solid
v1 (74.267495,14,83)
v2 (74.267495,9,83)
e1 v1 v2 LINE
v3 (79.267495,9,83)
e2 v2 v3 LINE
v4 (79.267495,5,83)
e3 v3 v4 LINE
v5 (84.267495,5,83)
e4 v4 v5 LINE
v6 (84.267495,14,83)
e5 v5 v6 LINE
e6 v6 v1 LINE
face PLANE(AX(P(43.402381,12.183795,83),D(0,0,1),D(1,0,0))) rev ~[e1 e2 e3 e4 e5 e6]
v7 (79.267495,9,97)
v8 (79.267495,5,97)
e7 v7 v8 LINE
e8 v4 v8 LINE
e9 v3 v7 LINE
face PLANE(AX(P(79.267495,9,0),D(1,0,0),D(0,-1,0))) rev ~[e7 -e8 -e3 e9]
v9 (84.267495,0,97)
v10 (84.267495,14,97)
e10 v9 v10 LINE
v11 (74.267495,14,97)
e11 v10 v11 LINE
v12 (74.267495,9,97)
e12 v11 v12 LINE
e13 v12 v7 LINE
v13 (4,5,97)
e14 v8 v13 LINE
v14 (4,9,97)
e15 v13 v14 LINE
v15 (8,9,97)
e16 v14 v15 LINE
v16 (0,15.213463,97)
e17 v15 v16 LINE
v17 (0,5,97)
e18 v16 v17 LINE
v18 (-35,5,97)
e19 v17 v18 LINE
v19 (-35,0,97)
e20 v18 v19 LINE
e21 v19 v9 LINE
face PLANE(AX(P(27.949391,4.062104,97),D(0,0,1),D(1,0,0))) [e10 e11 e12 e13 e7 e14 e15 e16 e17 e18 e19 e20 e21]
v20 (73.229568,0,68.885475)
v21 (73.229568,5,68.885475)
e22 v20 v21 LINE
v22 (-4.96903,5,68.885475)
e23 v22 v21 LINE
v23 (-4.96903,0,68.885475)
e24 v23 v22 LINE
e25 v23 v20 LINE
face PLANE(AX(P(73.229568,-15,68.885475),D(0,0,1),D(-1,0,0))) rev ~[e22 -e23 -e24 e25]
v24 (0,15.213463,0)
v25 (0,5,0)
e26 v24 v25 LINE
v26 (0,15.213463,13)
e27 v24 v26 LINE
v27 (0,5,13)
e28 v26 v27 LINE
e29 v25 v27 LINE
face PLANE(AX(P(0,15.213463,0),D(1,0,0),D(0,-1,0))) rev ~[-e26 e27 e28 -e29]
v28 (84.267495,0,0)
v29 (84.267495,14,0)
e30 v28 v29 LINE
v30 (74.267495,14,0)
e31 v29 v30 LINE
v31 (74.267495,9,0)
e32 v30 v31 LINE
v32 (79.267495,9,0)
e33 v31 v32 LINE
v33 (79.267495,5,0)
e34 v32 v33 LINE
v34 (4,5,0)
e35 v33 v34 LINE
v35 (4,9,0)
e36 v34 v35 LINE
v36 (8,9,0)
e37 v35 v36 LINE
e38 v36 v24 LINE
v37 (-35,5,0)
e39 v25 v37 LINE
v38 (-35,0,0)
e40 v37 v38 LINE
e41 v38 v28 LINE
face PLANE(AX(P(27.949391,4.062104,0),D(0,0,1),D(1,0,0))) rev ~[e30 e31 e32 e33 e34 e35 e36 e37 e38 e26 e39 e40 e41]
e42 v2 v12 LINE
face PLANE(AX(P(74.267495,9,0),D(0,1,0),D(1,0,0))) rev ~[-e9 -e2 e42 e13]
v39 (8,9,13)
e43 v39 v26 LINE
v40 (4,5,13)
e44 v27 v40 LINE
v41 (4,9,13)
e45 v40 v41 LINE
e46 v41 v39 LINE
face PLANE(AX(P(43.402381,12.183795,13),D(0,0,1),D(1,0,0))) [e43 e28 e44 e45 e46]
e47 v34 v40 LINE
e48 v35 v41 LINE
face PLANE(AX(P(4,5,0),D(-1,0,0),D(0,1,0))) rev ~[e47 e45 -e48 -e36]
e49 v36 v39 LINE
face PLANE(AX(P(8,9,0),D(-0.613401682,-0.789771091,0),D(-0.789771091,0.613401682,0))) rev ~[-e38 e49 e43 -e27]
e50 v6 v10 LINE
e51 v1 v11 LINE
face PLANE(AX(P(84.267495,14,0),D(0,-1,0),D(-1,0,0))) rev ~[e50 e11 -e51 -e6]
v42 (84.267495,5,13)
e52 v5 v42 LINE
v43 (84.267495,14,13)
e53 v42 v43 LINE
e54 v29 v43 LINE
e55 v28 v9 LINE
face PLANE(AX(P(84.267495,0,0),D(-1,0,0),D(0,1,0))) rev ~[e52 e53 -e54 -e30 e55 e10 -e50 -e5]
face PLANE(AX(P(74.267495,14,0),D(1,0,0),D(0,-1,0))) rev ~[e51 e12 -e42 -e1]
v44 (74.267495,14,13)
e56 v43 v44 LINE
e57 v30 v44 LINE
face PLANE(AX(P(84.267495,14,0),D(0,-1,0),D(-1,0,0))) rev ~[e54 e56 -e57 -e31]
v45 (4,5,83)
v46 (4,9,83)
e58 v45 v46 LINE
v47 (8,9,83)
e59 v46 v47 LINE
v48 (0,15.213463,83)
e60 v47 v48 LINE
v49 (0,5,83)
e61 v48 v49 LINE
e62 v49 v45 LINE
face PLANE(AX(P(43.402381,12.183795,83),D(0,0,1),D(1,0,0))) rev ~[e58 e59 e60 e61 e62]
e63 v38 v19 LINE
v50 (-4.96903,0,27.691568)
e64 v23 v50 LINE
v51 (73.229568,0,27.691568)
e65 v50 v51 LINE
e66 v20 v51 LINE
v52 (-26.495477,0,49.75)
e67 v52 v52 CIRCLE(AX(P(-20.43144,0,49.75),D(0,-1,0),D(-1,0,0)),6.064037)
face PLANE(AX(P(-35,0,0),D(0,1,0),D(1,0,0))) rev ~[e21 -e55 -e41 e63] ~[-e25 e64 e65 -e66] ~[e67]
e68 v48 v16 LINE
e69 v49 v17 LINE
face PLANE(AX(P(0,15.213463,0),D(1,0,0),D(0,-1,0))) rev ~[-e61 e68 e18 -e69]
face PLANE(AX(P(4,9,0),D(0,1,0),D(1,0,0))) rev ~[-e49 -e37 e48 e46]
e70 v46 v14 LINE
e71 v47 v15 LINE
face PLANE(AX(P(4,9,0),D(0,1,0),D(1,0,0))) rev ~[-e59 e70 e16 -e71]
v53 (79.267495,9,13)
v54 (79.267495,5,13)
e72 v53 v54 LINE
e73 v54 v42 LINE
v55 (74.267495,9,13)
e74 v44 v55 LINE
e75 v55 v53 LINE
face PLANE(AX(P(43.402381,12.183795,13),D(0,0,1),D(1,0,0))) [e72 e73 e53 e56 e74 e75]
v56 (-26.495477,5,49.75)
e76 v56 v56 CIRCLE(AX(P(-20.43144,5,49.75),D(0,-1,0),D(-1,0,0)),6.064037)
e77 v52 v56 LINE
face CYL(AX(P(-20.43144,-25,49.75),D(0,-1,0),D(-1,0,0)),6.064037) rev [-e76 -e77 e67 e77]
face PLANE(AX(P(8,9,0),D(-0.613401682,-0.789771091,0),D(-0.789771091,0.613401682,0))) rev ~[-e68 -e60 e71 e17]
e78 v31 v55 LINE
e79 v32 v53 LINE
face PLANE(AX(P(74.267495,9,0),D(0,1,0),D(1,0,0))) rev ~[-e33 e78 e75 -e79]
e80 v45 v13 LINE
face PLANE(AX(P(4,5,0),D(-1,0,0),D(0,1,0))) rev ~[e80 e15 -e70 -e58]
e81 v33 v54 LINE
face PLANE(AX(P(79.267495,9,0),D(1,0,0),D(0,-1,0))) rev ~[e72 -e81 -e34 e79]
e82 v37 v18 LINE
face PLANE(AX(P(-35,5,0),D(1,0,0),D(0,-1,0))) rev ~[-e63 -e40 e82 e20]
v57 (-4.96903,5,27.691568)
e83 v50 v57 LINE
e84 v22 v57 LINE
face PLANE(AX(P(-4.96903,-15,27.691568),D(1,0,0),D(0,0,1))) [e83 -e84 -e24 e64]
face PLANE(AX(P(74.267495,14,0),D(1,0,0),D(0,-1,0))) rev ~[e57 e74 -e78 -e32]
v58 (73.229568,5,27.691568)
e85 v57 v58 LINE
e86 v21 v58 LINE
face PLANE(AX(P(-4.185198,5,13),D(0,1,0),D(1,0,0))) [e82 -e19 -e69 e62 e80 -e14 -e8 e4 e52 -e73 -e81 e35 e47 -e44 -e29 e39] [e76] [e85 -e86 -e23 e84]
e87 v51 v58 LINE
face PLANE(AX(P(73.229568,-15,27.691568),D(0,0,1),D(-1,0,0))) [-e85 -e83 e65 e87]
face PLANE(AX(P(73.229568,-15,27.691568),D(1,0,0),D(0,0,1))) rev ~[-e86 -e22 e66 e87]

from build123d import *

# Parameters (mm, degrees)
SKETCH003_R      = 6.064037
EXTRUDE002_DEPTH = 50
SKETCH002_W      = 78.198598
SKETCH002_H      = 41.193907
EXTRUDE001_DEPTH = 50
SKETCH001_W      = 95.175157
SKETCH001_H      = 14.36759
EXTRUDE_DEPTH    = 70
PAD_DEPTH        = 97


with BuildPart() as extrude002:
    # Sketch003 (on Face5 of Cut001) → Extrude002 (new body)
    with BuildSketch(Plane(origin=(0, 5, 0), x_dir=(-1, 0, 0), z_dir=(0, 1, 0))):
        with Locations((20.43144, 49.75)):
            Circle(SKETCH003_R)
    extrude(amount=EXTRUDE002_DEPTH)


with BuildPart() as extrude002_1:
    # Extrude002 placement: moved
    add(extrude002.part.moved(Location((0, -30, 0))))


with BuildPart() as extrude001:
    # Sketch002 (on Face26 of Cut) → Extrude001 (new body)
    with BuildSketch(Plane(origin=(0, 5, 0), x_dir=(-1, 0, 0), z_dir=(0, 1, 0))):
        with Locations((-34.130269, 48.288522)):
            Rectangle(SKETCH002_W, SKETCH002_H)
    extrude(amount=EXTRUDE001_DEPTH)


with BuildPart() as extrude001_1:
    # Extrude001 placement: moved
    add(extrude001.part.moved(Location((0, -20, 0))))


with BuildPart() as extrude_body:
    # Sketch001 (on DatumPlane) → Extrude (new body)
    with BuildSketch(Plane.XY.offset(97)):
        with Locations((43.402381, 12.183795)):
            Rectangle(SKETCH001_W, SKETCH001_H)
    extrude(amount=EXTRUDE_DEPTH)


with BuildPart() as extrude_body_1:
    # Extrude placement: moved
    add(extrude_body.part.moved(Location((0, 0, -84))))


with BuildPart() as cut002:
    # Sketch → Pad (new body)
    with BuildSketch(Plane.XY):
        Polygon((0, 0), (84.267495, 0), (84.267495, 14), (74.267495, 14), (74.267495, 9), (79.267495, 9), (79.267495, 5), (4, 5), (4, 9), (8, 9), (0, 15.213463), (0, 5), (-35, 5), (-35, 0), align=None)
    extrude(amount=PAD_DEPTH)

    # Cut: cut Extrude body
    add(extrude_body_1.part, mode=Mode.SUBTRACT)

    # Cut001: cut Extrude001
    add(extrude001_1.part, mode=Mode.SUBTRACT)

    # Cut002: cut Extrude002
    add(extrude002_1.part, mode=Mode.SUBTRACT)


solid = cut002.part
